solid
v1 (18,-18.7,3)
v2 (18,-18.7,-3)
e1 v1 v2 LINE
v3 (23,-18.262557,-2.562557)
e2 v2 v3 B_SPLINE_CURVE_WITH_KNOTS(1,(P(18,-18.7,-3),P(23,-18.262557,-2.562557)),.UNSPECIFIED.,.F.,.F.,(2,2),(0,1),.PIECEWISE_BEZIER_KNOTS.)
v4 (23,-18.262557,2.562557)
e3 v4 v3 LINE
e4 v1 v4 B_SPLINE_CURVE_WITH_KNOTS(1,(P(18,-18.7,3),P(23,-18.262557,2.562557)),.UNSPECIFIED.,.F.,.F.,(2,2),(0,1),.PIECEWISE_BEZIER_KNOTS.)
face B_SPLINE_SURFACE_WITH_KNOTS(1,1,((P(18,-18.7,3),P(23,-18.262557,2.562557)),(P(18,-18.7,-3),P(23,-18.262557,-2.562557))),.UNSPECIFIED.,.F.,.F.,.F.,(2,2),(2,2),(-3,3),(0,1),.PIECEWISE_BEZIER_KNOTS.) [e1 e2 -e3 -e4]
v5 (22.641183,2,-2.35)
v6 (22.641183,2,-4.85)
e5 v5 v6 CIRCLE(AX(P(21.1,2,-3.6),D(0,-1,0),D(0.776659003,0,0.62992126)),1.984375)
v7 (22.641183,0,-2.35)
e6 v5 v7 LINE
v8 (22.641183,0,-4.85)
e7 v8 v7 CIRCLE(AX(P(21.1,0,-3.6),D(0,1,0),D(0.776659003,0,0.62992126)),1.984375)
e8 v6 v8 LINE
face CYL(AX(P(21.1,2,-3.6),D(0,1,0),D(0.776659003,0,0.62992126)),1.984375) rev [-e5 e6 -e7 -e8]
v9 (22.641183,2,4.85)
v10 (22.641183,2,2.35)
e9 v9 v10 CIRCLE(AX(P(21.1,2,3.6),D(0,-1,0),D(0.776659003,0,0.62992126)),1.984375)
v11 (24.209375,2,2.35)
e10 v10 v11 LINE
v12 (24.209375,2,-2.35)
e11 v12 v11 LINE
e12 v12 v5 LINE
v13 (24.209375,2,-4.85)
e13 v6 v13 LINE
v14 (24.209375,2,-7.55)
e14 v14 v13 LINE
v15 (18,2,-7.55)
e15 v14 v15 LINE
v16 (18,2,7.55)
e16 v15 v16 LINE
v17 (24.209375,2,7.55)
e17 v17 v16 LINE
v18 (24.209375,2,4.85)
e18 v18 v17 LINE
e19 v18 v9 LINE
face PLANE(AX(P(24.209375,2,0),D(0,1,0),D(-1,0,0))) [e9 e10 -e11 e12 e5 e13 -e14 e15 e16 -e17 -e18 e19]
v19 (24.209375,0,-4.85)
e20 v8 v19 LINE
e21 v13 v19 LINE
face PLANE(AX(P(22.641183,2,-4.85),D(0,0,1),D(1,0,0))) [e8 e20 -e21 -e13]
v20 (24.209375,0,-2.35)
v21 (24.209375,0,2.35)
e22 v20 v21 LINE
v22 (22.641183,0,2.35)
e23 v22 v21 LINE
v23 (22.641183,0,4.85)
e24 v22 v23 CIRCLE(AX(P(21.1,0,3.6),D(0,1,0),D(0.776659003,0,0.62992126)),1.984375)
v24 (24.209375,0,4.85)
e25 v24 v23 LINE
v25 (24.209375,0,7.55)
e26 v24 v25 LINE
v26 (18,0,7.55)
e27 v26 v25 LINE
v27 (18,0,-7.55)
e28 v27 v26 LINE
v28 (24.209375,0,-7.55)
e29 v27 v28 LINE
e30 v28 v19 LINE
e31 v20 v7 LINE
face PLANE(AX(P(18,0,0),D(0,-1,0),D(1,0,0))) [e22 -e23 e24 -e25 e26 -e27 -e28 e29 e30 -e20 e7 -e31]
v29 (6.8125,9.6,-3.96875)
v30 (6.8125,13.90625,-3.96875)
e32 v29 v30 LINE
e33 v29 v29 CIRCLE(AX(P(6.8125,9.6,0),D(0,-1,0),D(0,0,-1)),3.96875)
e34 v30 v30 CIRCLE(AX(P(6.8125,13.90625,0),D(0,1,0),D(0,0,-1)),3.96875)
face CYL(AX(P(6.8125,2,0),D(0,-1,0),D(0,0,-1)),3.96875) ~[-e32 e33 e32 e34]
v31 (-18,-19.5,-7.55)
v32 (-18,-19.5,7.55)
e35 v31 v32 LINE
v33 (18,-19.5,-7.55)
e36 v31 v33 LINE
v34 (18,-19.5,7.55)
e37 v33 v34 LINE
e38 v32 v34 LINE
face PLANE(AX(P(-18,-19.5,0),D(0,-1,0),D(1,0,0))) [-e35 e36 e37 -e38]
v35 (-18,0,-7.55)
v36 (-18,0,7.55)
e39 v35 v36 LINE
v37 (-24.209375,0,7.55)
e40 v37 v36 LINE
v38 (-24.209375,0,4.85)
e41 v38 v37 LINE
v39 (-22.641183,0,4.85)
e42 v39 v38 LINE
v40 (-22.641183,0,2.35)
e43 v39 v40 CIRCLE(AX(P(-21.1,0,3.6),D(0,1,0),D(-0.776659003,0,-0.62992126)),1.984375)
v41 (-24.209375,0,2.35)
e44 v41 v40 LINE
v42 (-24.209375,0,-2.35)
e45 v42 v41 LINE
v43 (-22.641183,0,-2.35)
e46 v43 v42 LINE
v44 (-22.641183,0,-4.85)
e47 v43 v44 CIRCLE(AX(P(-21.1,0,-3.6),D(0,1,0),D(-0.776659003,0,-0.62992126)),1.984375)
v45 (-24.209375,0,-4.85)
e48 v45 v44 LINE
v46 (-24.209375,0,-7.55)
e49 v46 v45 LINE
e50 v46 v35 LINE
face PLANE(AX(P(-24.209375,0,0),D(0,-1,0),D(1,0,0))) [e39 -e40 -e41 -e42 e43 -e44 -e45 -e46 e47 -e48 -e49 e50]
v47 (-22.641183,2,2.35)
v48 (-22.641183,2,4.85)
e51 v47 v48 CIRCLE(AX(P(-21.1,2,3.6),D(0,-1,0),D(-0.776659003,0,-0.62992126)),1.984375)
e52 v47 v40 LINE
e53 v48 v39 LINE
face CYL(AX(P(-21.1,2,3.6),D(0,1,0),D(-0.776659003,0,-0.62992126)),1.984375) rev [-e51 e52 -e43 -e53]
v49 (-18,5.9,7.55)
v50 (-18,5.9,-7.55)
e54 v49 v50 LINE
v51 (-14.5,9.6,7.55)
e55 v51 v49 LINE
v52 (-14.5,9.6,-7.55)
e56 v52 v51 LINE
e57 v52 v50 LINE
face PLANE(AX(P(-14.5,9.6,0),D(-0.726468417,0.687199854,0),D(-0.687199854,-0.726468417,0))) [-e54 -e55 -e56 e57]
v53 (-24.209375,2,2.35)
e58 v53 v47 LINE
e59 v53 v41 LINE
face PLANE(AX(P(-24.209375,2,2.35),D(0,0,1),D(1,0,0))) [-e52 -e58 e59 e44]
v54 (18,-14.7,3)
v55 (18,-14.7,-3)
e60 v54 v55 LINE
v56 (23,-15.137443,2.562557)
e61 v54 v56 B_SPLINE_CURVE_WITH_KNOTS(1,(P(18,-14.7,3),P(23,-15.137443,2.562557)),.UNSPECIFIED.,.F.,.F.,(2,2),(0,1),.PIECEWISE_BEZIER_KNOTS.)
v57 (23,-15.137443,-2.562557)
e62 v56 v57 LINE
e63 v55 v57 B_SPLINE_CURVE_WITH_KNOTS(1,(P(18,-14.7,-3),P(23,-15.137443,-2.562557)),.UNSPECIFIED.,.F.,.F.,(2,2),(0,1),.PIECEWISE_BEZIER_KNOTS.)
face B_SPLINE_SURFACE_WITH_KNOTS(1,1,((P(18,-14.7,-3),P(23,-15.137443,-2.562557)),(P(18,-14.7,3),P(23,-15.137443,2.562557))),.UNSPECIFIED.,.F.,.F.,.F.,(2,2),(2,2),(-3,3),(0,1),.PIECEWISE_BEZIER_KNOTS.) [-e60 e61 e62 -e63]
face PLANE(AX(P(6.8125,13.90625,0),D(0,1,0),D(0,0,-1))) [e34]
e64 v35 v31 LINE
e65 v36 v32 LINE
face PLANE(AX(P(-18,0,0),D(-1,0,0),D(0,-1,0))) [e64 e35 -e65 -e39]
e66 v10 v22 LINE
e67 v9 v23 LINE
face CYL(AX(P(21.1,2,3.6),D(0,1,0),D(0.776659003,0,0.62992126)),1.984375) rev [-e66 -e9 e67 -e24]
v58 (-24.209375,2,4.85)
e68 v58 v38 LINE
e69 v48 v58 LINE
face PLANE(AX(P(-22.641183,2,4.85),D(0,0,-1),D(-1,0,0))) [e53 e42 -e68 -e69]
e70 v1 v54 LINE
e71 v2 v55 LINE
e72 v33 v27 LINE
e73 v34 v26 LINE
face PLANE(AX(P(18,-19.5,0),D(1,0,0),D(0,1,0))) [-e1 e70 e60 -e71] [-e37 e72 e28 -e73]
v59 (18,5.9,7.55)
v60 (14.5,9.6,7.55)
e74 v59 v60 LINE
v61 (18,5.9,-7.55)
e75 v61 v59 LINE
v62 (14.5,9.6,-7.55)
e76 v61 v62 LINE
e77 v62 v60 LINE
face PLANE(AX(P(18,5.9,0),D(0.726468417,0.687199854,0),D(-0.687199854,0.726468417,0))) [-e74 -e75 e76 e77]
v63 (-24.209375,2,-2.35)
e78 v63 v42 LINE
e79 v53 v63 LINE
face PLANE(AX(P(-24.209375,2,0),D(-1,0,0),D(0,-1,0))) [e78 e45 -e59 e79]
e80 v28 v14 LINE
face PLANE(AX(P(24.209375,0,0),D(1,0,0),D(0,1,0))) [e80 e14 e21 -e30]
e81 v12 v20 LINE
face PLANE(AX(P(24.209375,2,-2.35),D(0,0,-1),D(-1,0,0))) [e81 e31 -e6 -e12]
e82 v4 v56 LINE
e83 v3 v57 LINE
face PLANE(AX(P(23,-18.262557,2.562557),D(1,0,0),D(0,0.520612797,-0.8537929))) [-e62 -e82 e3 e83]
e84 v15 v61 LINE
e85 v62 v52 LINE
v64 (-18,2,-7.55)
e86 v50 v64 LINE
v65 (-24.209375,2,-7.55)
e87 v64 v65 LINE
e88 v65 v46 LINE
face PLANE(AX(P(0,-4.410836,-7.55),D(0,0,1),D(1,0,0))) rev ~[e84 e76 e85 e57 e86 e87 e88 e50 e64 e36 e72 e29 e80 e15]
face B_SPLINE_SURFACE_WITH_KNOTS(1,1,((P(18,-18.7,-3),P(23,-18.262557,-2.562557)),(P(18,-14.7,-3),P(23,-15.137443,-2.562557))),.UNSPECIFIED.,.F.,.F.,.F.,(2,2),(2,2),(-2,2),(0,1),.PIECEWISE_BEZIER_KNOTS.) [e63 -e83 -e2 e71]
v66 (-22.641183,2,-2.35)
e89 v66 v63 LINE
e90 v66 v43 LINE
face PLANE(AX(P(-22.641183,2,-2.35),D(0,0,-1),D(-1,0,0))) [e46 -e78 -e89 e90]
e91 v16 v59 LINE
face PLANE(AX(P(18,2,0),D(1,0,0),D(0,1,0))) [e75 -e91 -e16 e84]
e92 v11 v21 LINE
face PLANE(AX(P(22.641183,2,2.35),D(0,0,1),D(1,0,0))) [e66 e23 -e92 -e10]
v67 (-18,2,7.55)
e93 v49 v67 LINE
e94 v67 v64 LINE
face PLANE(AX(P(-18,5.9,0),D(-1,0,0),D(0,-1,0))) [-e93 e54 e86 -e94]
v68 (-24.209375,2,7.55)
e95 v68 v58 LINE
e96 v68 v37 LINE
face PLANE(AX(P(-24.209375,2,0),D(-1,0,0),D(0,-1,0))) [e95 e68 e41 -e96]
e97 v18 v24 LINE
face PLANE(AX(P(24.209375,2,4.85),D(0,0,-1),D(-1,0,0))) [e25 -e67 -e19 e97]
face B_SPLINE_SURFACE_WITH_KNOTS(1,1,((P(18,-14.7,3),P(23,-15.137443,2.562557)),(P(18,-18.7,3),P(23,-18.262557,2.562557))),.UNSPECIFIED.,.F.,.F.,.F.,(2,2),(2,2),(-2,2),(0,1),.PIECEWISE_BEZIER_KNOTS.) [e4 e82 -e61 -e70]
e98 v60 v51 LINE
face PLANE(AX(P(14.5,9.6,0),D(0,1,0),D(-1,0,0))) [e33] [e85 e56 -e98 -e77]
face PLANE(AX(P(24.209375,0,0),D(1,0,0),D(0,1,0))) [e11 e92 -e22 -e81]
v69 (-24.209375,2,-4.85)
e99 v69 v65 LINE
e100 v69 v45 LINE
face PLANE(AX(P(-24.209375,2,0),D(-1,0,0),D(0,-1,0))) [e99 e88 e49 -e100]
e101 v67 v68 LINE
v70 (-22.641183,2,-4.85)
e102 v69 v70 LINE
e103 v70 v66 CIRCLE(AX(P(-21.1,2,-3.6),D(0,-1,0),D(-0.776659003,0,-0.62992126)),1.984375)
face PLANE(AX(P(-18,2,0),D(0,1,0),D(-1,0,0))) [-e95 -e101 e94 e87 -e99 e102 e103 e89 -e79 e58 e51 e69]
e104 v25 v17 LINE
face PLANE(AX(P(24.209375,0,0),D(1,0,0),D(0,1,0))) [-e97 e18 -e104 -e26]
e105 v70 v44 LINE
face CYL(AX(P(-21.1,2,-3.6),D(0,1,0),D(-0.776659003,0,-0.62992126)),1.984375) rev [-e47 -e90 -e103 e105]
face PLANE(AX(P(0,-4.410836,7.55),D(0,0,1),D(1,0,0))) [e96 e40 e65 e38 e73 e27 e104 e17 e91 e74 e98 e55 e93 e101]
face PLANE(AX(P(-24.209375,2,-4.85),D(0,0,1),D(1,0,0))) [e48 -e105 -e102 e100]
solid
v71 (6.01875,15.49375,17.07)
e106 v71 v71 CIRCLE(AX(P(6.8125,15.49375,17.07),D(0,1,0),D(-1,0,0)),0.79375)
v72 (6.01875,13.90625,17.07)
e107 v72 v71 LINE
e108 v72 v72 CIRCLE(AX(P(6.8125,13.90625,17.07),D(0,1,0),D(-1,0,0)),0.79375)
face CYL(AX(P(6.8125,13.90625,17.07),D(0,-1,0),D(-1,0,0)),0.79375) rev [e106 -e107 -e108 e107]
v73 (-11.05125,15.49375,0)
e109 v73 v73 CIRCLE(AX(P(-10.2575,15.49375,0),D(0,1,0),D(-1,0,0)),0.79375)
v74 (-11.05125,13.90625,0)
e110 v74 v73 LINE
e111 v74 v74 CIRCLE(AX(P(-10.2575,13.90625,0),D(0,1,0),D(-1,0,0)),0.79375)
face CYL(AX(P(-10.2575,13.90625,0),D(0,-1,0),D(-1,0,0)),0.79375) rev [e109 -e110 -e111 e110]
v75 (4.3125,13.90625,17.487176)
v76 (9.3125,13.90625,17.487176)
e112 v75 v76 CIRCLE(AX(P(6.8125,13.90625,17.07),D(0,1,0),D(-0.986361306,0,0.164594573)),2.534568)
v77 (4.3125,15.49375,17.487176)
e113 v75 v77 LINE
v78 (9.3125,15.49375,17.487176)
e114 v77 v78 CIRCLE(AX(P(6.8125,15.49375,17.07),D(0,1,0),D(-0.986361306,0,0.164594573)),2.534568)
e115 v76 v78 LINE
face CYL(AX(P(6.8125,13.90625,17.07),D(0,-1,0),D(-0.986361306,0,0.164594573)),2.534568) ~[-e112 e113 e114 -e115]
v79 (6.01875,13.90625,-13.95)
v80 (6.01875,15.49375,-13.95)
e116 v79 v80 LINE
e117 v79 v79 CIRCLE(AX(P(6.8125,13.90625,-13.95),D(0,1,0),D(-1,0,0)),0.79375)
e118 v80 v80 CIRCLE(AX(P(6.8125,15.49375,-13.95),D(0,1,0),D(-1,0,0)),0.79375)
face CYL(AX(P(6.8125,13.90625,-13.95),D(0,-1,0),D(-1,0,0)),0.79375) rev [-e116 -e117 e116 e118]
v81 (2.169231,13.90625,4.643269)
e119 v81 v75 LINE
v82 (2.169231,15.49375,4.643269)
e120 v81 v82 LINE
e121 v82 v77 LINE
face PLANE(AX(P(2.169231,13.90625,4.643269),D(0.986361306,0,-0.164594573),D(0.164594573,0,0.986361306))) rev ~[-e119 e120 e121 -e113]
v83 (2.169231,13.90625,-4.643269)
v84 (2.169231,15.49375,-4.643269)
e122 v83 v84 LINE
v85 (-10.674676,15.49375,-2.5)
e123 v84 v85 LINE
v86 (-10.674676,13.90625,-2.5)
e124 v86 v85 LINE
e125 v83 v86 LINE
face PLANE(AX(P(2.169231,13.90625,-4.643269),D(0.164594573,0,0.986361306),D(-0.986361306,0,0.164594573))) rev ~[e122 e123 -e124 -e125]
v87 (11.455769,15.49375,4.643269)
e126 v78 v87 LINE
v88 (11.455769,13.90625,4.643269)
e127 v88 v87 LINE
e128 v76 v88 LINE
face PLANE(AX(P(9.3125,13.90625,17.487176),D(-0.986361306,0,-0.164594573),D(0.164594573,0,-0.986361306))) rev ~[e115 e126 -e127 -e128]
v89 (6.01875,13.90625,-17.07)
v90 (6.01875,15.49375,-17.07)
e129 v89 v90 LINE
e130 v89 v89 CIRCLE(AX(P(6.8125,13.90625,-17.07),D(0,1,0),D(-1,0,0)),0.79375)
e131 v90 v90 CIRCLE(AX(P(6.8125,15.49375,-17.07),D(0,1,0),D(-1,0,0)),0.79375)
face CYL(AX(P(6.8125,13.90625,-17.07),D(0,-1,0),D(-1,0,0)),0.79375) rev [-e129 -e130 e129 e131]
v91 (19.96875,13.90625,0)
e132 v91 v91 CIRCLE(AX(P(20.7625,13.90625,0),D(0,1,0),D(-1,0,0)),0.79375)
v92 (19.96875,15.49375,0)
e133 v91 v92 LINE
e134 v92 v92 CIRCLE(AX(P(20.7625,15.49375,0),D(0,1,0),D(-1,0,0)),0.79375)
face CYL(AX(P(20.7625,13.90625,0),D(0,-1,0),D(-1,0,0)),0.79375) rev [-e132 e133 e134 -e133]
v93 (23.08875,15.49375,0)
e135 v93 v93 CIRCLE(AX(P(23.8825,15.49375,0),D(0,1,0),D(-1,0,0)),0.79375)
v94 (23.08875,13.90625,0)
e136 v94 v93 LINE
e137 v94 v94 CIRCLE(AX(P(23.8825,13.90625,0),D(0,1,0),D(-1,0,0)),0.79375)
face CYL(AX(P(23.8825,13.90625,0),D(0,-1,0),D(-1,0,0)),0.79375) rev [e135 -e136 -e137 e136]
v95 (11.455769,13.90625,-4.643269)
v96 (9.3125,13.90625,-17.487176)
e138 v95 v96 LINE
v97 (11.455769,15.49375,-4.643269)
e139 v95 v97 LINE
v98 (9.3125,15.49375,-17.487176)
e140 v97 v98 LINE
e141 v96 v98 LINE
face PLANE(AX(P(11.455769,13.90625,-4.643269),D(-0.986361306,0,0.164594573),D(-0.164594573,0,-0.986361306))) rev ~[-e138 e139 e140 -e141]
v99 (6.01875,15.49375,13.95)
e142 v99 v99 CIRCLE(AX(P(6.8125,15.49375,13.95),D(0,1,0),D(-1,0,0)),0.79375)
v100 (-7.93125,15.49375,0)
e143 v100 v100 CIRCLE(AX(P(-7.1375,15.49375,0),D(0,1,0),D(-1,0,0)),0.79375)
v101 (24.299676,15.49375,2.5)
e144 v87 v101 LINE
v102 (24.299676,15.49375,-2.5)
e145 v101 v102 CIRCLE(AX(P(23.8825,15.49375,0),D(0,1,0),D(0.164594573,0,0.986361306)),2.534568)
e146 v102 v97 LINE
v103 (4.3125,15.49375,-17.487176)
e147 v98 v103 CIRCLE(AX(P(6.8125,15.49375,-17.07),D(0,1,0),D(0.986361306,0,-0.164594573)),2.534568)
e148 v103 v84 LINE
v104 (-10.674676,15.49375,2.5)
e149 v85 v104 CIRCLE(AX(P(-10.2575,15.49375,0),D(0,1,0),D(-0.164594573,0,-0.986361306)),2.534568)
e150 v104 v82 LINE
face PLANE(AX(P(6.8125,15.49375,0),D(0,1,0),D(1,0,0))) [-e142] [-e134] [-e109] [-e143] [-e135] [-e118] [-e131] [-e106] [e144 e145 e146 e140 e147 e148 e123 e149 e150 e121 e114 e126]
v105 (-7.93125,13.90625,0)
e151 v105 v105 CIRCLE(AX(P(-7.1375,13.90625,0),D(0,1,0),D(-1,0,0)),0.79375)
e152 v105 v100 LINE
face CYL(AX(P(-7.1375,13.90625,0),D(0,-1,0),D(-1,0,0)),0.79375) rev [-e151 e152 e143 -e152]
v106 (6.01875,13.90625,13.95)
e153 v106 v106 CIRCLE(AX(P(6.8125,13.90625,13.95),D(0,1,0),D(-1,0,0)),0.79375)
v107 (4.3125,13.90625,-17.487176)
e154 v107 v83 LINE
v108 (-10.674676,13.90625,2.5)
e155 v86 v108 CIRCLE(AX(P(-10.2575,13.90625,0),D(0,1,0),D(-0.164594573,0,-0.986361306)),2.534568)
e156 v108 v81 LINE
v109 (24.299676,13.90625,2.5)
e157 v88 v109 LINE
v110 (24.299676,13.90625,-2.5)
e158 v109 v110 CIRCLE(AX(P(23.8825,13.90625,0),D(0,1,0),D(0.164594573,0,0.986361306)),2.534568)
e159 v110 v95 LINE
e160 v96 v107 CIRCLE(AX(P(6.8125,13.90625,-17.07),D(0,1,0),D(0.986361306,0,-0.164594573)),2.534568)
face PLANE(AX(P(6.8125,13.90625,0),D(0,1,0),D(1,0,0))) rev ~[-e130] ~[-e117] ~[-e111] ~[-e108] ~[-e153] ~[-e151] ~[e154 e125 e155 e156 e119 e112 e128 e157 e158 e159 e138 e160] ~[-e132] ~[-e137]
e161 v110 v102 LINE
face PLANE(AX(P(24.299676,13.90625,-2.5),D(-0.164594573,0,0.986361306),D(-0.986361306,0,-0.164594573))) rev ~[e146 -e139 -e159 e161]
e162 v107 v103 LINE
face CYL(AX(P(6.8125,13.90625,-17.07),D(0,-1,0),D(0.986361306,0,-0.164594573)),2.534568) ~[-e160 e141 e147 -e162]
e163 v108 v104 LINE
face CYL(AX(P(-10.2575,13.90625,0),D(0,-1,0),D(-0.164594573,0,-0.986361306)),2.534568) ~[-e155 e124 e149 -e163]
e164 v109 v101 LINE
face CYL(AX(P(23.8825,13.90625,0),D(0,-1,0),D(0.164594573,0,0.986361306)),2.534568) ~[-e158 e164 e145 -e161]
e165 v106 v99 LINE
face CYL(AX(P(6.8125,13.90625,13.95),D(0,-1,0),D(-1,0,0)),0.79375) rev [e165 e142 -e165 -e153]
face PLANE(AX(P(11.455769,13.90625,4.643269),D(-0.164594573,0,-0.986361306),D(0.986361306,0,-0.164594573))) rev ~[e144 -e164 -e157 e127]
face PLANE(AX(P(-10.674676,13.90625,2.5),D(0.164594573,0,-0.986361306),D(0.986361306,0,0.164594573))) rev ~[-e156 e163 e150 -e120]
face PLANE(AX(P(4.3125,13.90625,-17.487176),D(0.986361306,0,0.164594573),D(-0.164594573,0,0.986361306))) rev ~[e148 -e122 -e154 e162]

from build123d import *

# Parameters (mm, degrees)
BOSS_EXTRUDE1_DEPTH   = 7.55
CUT_EXTRUDE1_REACH    = 35.247
SKETCH3_R             = 3.96875
BOSS_EXTRUDE2_DEPTH   = 11.90625
SKETCH4_R             = 0.79375
BOSS_EXTRUDE3_DEPTH   = 1.5875
SKETCH5_W             = 6
SKETCH5_H             = 4
BOSS_EXTRUDE4_DEPTH   = 5
BOSS_EXTRUDE4_TAPER   = 5
BODY_MOVE_COPY1_ANGLE = 1


with BuildPart() as part:
    # Sketch1 → Boss-Extrude1 (new, symmetric)
    with BuildSketch(Plane.XY):
        Polygon((-24.209375, 2), (-24.209375, 0), (-18, 0), (-18, -19.5), (18, -19.5), (18, 0), (24.209375, 0), (24.209375, 2), (18, 2), (18, 5.9), (14.5, 9.6), (-14.5, 9.6), (-18, 5.9), (-18, 2), align=None)
    extrude(amount=BOSS_EXTRUDE1_DEPTH, both=True)

    # Sketch2 → Cut-Extrude1 (cut, up to next)
    with BuildSketch(Plane(origin=(0, 2, 0), x_dir=(1, 0, 0), z_dir=(0, 1, 0)), mode=Mode.PRIVATE) as cut_extrude1_sk1:
        with BuildLine():
            Line((-24.209375, -2.35), (-22.641182708, -2.35))
            ThreePointArc((-22.641182708, -2.35), (-19.115625, -3.6), (-22.641182708, -4.85))
            Line((-22.641182708, -4.85), (-24.209375, -4.85))
            Line((-24.209375, -4.85), (-24.209375, -2.35))
        make_face()
    cut_extrude1_tool1 = extrude(cut_extrude1_sk1.sketch, amount=-CUT_EXTRUDE1_REACH, mode=Mode.PRIVATE) & part.part
    # Sketch2 → Cut-Extrude1 (cut, up to next)
    with BuildSketch(Plane(origin=(0, 2, 0), x_dir=(1, 0, 0), z_dir=(0, 1, 0)), mode=Mode.PRIVATE) as cut_extrude1_sk2:
        with BuildLine():
            Line((24.209375, -2.35), (24.209375, -4.85))
            Line((24.209375, -4.85), (22.641182708, -4.85))
            ThreePointArc((22.641182708, -4.85), (19.115625, -3.6), (22.641182708, -2.35))
            Line((22.641182708, -2.35), (24.209375, -2.35))
        make_face()
    cut_extrude1_tool2 = extrude(cut_extrude1_sk2.sketch, amount=-CUT_EXTRUDE1_REACH, mode=Mode.PRIVATE) & part.part
    # Sketch2 → Cut-Extrude1 (cut, up to next)
    with BuildSketch(Plane(origin=(0, 2, 0), x_dir=(1, 0, 0), z_dir=(0, 1, 0)), mode=Mode.PRIVATE) as cut_extrude1_sk3:
        with BuildLine():
            Line((24.209375, 2.35), (22.641182708, 2.35))
            ThreePointArc((22.641182708, 2.35), (19.115625, 3.6), (22.641182708, 4.85))
            Line((22.641182708, 4.85), (24.209375, 4.85))
            Line((24.209375, 4.85), (24.209375, 2.35))
        make_face()
    cut_extrude1_tool3 = extrude(cut_extrude1_sk3.sketch, amount=-CUT_EXTRUDE1_REACH, mode=Mode.PRIVATE) & part.part
    # Sketch2 → Cut-Extrude1 (cut, up to next)
    with BuildSketch(Plane(origin=(0, 2, 0), x_dir=(1, 0, 0), z_dir=(0, 1, 0)), mode=Mode.PRIVATE) as cut_extrude1_sk4:
        with BuildLine():
            Line((-24.209375, 2.35), (-24.209375, 4.85))
            Line((-24.209375, 4.85), (-22.641182708, 4.85))
            ThreePointArc((-22.641182708, 4.85), (-19.115625, 3.6), (-22.641182708, 2.35))
            Line((-22.641182708, 2.35), (-24.209375, 2.35))
        make_face()
    cut_extrude1_tool4 = extrude(cut_extrude1_sk4.sketch, amount=-CUT_EXTRUDE1_REACH, mode=Mode.PRIVATE) & part.part
    add(cut_extrude1_tool1.solids().sort_by_distance((-21.603022, 2, 3.6))[0], mode=Mode.SUBTRACT)
    add(cut_extrude1_tool2.solids().sort_by_distance((21.603022, 2, 3.6))[0], mode=Mode.SUBTRACT)
    add(cut_extrude1_tool3.solids().sort_by_distance((21.603022, 2, -3.6))[0], mode=Mode.SUBTRACT)
    add(cut_extrude1_tool4.solids().sort_by_distance((-21.603022, 2, -3.6))[0], mode=Mode.SUBTRACT)

    # Sketch3 → Boss-Extrude2 (add)
    with BuildSketch(Plane(origin=(0, 2, 0), x_dir=(1, 0, 0), z_dir=(0, 1, 0))):
        with Locations(Location((6.8125, 0, 0), (0, 0, 90))):
            Circle(SKETCH3_R)
    extrude(amount=BOSS_EXTRUDE2_DEPTH)

    # Sketch5 → Boss-Extrude4 (add)
    with BuildSketch(Plane(origin=(18, 0, 0), x_dir=(0, 0, -1), z_dir=(1, 0, 0))):
        with Locations((0, -16.7)):
            Rectangle(SKETCH5_W, SKETCH5_H)
    extrude(amount=BOSS_EXTRUDE4_DEPTH, taper=BOSS_EXTRUDE4_TAPER)


with BuildPart() as body_2:
    # Sketch4 → Boss-Extrude3 (new body)
    with BuildSketch(Plane(origin=(0, 13.90625, 0), x_dir=(1, 0, 0), z_dir=(0, 1, 0))):
        with BuildLine():
            Line((2.169231166, 4.643268834), (-10.674676171, 2.5))
            ThreePointArc((-10.674676171, 2.5), (-12.792068199, 0), (-10.674676171, -2.5))
            Line((-10.674676171, -2.5), (2.169231166, -4.643268834))
            Line((2.169231166, -4.643268834), (4.3125, -17.487176171))
            ThreePointArc((4.3125, -17.487176171), (6.8125, -19.604568199), (9.3125, -17.487176171))
            Line((9.3125, -17.487176171), (11.455768834, -4.643268834))
            Line((11.455768834, -4.643268834), (24.299676171, -2.5))
            ThreePointArc((24.299676171, -2.5), (26.417068199, 0), (24.299676171, 2.5))
            Line((24.299676171, 2.5), (11.455768834, 4.643268834))
            Line((11.455768834, 4.643268834), (9.3125, 17.487176171))
            ThreePointArc((9.3125, 17.487176171), (6.8125, 19.604568199), (4.3125, 17.487176171))
            Line((4.3125, 17.487176171), (2.169231166, 4.643268834))
        make_face()
        with Locations(Location((-10.2575, 0, 0), (0, 0, 180))):
            Circle(SKETCH4_R, mode=Mode.SUBTRACT)
        with Locations(Location((6.8125, 17.07, 0), (0, 0, 180))):
            Circle(SKETCH4_R, mode=Mode.SUBTRACT)
        with Locations(Location((23.8825, 0, 0), (0, 0, 180))):
            Circle(SKETCH4_R, mode=Mode.SUBTRACT)
        with Locations(Location((6.8125, -17.07, 0), (0, 0, 180))):
            Circle(SKETCH4_R, mode=Mode.SUBTRACT)
        with Locations(Location((-7.1375, 0, 0), (0, 0, 180))):
            Circle(SKETCH4_R, mode=Mode.SUBTRACT)
        with Locations(Location((6.8125, 13.95, 0), (0, 0, 180))):
            Circle(SKETCH4_R, mode=Mode.SUBTRACT)
        with Locations(Location((20.7625, 0, 0), (0, 0, 180))):
            Circle(SKETCH4_R, mode=Mode.SUBTRACT)
        with Locations(Location((6.8125, -13.95, 0), (0, 0, 180))):
            Circle(SKETCH4_R, mode=Mode.SUBTRACT)
    extrude(amount=BOSS_EXTRUDE3_DEPTH)


with BuildPart() as body_2_1:
    # Body-Move/Copy1: moved
    add(body_2.part.moved(Location((0, 0, 0))).rotate(Axis((6.8125, 0, 0), (0, -1, 0)), BODY_MOVE_COPY1_ANGLE))


solid = Compound([part.part, body_2_1.part])
